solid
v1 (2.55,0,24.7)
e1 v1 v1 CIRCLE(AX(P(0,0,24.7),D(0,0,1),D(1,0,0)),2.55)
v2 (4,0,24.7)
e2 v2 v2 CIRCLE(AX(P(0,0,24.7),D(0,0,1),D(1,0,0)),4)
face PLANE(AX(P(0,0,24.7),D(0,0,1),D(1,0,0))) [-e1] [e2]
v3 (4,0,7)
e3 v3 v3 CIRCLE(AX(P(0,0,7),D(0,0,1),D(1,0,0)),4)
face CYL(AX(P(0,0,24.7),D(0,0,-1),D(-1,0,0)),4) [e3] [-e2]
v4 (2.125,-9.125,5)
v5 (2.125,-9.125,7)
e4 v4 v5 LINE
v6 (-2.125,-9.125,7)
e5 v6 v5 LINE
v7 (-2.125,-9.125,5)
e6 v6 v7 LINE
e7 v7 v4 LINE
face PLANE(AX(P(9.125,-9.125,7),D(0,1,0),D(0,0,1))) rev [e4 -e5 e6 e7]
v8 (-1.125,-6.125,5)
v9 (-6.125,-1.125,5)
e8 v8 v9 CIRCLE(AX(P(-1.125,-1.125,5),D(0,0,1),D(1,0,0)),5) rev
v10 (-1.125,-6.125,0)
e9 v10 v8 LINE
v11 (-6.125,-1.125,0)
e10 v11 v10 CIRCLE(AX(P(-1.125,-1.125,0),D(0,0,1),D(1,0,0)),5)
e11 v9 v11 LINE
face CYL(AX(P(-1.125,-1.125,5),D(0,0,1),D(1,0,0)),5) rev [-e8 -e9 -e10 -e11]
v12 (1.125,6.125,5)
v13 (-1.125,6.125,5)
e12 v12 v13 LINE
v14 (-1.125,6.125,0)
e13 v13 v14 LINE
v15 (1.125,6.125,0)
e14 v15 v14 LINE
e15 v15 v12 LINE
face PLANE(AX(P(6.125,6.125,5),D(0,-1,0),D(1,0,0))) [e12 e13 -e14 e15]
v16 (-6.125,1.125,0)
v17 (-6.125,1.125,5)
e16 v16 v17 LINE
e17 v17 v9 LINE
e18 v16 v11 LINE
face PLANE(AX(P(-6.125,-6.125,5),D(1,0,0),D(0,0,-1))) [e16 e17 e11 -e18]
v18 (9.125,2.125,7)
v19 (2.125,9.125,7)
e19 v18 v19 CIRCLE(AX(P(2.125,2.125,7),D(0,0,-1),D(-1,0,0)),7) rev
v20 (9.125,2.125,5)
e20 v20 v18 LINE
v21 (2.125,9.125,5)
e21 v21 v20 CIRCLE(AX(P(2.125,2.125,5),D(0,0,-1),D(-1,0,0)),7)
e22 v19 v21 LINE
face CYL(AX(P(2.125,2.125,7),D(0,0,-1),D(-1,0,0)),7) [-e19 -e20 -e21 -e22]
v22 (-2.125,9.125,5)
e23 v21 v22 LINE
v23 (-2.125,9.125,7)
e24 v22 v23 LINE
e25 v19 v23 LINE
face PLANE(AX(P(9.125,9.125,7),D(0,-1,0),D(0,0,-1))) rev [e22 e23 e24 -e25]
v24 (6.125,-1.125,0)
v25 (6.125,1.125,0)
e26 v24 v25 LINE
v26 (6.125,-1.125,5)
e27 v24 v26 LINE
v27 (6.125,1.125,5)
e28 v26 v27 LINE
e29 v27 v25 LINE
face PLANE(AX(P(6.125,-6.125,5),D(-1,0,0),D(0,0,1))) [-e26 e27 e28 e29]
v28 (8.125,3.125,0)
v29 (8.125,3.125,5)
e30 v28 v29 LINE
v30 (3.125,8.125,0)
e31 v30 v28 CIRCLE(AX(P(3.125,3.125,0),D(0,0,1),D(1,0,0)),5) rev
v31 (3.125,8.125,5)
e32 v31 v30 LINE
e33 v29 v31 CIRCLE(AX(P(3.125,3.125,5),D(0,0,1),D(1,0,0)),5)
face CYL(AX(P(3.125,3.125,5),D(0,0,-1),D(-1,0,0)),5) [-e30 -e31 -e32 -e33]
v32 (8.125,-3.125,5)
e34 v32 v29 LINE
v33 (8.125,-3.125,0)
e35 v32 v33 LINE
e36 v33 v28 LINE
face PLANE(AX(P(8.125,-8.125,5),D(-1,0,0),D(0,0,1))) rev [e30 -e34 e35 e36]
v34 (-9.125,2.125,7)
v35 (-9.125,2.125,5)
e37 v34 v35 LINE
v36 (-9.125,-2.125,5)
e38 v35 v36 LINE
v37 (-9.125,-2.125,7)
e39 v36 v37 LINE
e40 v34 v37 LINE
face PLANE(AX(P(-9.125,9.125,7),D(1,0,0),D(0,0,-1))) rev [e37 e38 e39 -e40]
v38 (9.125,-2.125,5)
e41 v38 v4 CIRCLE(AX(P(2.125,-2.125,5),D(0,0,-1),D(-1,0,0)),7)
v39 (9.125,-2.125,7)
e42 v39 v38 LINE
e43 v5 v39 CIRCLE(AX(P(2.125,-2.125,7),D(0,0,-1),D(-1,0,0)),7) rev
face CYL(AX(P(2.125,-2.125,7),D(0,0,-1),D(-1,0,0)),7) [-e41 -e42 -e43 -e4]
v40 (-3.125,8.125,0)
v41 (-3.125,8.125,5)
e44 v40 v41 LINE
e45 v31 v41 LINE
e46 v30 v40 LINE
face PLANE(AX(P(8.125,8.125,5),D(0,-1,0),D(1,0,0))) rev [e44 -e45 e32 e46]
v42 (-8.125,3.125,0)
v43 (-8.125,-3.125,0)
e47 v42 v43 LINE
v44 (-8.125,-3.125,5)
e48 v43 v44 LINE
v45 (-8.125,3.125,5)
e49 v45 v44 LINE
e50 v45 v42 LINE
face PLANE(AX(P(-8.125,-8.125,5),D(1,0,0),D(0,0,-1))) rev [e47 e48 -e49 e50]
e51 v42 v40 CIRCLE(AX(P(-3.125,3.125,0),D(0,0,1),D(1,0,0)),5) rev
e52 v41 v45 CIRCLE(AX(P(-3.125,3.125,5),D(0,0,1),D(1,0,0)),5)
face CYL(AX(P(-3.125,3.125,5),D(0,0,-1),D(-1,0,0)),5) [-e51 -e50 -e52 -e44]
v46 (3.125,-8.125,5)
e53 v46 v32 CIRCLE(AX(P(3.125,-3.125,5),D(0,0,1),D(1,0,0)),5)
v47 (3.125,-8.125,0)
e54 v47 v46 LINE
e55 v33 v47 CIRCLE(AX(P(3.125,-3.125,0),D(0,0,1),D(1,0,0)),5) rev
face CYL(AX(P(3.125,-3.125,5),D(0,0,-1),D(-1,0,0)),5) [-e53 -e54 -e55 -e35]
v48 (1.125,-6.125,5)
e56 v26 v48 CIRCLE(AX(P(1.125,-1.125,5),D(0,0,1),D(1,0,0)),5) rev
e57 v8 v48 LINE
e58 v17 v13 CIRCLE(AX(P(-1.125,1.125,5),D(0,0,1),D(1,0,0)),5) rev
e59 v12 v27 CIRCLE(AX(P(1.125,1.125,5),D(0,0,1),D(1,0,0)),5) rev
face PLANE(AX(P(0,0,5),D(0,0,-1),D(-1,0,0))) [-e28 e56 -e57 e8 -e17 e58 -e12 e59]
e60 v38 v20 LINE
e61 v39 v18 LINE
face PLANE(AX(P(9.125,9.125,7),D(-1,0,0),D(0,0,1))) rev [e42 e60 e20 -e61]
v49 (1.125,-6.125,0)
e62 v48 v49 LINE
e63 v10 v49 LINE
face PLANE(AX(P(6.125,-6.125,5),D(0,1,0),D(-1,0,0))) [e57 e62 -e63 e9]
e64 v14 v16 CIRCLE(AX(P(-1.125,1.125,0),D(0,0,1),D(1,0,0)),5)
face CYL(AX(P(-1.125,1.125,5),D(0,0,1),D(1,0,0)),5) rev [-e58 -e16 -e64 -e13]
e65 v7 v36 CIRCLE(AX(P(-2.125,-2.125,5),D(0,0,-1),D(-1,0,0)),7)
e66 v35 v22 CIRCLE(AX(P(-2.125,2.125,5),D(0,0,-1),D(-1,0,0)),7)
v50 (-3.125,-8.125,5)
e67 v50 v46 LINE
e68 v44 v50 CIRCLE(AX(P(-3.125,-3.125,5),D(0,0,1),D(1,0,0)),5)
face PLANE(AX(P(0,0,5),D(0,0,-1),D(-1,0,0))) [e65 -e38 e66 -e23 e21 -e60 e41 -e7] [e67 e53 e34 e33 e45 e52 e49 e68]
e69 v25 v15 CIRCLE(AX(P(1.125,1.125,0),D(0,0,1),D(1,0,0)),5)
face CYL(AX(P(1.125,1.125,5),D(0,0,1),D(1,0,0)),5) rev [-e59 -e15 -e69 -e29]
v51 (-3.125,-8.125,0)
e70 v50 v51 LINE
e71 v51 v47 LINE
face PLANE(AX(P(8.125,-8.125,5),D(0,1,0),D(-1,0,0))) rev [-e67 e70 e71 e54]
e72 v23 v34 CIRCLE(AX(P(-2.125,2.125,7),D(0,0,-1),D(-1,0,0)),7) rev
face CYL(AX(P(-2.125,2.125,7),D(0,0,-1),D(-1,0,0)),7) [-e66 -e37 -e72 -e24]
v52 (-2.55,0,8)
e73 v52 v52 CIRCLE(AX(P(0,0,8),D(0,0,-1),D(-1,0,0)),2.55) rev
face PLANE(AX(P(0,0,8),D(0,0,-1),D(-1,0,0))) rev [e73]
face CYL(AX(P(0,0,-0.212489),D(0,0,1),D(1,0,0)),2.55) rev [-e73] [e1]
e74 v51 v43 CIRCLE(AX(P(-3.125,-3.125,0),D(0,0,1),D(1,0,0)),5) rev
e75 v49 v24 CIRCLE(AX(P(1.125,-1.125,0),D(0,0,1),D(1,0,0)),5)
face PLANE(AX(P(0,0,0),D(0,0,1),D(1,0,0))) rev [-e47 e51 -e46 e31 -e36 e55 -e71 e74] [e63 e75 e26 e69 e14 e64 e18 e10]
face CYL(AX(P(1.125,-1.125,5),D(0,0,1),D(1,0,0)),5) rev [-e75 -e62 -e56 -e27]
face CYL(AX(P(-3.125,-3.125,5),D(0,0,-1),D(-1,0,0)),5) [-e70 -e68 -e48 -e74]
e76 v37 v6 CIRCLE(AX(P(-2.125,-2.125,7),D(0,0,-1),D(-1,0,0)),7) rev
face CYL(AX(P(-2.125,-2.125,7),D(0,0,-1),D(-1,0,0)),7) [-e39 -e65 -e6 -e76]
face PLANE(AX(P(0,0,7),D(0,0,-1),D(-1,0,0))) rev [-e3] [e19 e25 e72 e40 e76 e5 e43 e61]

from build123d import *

# Parameters (mm, degrees)
SKETCH1_W           = 16.25
SKETCH1_H           = 16.25
SKETCH1_W_2         = 12.25
SKETCH1_H_2         = 12.25
BOSS_EXTRUDE1_DEPTH = 5
FILLET1_R           = 5
SKETCH2_W           = 18.25
SKETCH2_H           = 18.25
BOSS_EXTRUDE2_DEPTH = 2
FILLET2_R           = 7
SKETCH4_R           = 4
BOSS_EXTRUDE3_DEPTH = 17.7
SKETCH6_R           = 2.55
CUT_EXTRUDE1_DEPTH  = 16.7


with BuildPart() as part:
    # Sketch1 → Boss-Extrude1 (new body)
    with BuildSketch(Plane.XY):
        Rectangle(SKETCH1_W, SKETCH1_H)
        Rectangle(SKETCH1_W_2, SKETCH1_H_2, mode=Mode.SUBTRACT)
    extrude(amount=BOSS_EXTRUDE1_DEPTH)

    # Fillet1
    fillet1_edges = [part.edges().sort_by_distance(p)[0] for p in [
        (6.125, -6.125, 2.5),
        (6.125, 6.125, 2.5),
        (-6.125, 6.125, 2.5),
        (-6.125, -6.125, 2.5),
        (-8.125, 8.125, 2.5),
        (8.125, 8.125, 2.5),
        (8.125, -8.125, 2.5),
        (-8.125, -8.125, 2.5),
    ]]
    fillet(fillet1_edges, radius=FILLET1_R)

    # Sketch2 → Boss-Extrude2 (add)
    with BuildSketch(Plane.XY.offset(5)):
        Rectangle(SKETCH2_W, SKETCH2_H)
    extrude(amount=BOSS_EXTRUDE2_DEPTH)

    # Fillet2
    fillet2_edges = [part.edges().sort_by_distance(p)[0] for p in [
        (-9.125, 9.125, 6),
        (-9.125, -9.125, 6),
        (9.125, -9.125, 6),
        (9.125, 9.125, 6),
    ]]
    fillet(fillet2_edges, radius=FILLET2_R)

    # Sketch4 → Boss-Extrude3 (add)
    with BuildSketch(Plane.XY.offset(7)):
        Circle(SKETCH4_R)
    extrude(amount=BOSS_EXTRUDE3_DEPTH)

    # Sketch6 → Cut-Extrude1 (cut)
    with BuildSketch(Plane.XY.offset(24.7)):
        Circle(SKETCH6_R)
    extrude(amount=-CUT_EXTRUDE1_DEPTH, mode=Mode.SUBTRACT)


solid = part.part
